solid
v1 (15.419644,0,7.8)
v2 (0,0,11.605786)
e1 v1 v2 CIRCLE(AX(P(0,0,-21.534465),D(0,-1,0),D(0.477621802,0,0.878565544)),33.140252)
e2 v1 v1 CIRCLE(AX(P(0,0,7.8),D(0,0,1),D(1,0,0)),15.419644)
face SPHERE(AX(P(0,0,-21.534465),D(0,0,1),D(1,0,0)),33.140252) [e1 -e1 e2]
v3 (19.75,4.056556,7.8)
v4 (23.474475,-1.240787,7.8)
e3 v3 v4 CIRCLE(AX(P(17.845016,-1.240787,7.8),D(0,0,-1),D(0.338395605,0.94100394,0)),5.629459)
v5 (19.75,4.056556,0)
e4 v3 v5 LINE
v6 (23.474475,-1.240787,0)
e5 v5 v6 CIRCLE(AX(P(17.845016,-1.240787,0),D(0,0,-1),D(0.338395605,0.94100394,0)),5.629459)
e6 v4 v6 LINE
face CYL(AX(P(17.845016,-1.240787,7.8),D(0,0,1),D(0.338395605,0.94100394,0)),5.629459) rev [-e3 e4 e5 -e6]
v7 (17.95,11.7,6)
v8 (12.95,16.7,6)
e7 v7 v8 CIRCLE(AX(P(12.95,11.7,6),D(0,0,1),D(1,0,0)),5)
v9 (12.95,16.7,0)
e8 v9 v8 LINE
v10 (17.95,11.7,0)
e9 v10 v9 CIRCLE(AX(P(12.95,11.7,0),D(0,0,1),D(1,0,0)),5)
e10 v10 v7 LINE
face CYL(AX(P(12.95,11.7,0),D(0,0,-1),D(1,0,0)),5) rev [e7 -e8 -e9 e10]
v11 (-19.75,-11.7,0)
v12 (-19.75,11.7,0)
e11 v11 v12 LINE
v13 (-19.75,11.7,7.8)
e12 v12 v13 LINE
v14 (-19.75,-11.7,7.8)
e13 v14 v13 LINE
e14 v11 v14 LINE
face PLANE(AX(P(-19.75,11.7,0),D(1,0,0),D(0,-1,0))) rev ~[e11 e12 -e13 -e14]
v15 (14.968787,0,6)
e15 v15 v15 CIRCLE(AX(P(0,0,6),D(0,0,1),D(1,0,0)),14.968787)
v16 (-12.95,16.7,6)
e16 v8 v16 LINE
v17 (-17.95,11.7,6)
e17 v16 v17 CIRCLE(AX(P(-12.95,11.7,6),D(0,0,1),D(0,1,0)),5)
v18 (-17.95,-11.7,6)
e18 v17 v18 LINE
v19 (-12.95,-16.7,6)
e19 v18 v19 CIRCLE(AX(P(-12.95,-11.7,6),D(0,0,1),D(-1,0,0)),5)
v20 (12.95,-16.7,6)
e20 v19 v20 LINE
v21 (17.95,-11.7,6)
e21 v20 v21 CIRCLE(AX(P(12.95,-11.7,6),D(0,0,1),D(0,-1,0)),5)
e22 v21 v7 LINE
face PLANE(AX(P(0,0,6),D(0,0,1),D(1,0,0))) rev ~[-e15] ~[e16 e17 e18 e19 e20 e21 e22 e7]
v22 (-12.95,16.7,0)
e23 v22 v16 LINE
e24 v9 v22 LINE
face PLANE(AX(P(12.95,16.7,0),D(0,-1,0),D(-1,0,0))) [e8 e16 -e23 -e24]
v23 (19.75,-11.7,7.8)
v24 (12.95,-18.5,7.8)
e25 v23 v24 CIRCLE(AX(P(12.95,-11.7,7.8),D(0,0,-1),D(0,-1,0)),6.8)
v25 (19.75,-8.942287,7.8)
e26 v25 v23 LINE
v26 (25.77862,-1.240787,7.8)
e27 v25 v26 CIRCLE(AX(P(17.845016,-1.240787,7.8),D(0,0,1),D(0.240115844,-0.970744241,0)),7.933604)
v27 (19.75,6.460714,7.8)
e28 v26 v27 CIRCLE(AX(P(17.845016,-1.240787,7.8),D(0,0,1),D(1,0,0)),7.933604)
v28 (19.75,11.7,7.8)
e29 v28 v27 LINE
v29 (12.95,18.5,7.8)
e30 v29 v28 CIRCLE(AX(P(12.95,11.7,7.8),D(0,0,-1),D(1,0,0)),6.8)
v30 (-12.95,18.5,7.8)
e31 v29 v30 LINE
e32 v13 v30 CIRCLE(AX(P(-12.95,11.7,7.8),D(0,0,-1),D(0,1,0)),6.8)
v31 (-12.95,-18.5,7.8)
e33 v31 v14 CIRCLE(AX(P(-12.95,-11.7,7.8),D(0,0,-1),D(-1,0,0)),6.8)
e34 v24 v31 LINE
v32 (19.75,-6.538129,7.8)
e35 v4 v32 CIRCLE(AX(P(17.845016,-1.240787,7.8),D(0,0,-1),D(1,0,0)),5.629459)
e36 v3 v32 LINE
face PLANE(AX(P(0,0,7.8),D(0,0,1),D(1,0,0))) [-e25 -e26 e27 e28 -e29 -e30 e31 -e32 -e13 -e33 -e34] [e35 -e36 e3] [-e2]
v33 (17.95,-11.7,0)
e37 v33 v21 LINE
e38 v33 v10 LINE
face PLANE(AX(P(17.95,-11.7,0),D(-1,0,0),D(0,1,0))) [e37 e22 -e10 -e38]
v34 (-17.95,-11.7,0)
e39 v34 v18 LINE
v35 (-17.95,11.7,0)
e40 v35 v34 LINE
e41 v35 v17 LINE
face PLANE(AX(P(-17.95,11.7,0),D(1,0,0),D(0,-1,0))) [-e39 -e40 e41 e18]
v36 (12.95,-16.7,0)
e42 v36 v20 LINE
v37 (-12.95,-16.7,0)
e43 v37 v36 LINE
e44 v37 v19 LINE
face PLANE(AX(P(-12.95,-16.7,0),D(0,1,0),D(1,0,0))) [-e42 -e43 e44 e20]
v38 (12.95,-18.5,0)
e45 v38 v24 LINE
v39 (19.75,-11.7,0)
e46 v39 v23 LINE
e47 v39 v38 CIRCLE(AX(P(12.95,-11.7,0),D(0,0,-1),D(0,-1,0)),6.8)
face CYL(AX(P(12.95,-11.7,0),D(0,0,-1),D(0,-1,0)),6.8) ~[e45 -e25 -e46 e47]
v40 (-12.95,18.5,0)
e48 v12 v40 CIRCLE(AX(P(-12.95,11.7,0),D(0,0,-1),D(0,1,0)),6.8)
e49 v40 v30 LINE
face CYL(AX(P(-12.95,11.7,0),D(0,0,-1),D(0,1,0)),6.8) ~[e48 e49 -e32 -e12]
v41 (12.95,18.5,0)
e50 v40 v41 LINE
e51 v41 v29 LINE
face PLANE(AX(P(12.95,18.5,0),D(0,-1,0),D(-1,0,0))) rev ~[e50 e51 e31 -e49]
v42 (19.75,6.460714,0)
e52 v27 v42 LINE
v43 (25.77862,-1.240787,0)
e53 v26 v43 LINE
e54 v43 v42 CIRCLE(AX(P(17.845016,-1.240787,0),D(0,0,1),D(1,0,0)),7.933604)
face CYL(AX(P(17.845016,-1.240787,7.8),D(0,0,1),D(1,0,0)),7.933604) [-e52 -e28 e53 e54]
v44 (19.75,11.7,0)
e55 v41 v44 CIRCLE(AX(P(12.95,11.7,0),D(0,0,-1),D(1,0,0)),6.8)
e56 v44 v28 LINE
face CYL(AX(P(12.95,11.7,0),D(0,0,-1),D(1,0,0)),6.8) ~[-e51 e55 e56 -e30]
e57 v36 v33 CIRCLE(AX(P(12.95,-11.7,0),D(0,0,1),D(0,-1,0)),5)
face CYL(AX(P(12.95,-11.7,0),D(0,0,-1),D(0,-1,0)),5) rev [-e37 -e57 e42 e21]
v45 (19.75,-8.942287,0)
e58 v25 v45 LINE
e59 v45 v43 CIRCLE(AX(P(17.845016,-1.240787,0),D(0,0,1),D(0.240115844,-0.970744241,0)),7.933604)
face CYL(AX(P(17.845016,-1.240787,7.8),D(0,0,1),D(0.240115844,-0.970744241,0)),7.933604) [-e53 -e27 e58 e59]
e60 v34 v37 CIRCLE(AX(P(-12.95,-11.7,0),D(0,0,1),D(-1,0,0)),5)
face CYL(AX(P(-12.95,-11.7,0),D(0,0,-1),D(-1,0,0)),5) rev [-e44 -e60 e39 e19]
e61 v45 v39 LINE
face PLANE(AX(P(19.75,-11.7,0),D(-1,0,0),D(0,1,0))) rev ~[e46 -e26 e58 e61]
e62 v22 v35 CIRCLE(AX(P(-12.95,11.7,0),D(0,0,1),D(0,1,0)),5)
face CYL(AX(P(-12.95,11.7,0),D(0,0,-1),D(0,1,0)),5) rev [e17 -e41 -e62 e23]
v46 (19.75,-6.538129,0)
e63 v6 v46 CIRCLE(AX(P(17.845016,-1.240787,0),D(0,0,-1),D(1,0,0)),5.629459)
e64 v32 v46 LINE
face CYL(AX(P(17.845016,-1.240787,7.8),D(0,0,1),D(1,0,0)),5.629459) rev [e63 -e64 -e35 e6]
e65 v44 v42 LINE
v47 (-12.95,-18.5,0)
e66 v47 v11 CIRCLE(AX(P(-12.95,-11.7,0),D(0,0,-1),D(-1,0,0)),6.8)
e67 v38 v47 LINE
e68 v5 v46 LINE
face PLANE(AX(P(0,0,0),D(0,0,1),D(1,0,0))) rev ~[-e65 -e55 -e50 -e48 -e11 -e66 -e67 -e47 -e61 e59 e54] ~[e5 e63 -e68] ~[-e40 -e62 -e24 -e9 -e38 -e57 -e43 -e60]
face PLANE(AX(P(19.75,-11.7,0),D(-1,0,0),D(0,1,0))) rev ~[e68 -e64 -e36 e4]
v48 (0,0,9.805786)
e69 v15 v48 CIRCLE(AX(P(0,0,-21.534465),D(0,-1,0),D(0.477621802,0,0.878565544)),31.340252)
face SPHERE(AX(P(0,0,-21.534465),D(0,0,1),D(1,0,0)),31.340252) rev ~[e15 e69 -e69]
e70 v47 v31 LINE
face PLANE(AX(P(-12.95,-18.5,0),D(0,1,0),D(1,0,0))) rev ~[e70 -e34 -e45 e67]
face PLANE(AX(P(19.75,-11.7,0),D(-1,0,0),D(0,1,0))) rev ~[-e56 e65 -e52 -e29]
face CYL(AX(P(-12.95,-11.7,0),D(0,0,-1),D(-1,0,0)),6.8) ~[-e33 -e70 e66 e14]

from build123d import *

# Parameters (mm, degrees)
F1_DEPTH = 6
F4_T     = 1.8
F6_DEPTH = 7.8


with BuildPart() as f1:
    # F0 (on Top) → F1 (new body)
    with BuildSketch(Plane.XY):
        with BuildLine():
            Line((12.95, 16.7), (-12.95, 16.7))
            ThreePointArc((-12.95, 16.7), (-16.4855339059, 15.2355339059), (-17.95, 11.7))
            Line((-17.95, 11.7), (-17.95, -11.7))
            ThreePointArc((-17.95, -11.7), (-16.4855339059, -15.2355339059), (-12.95, -16.7))
            Line((-12.95, -16.7), (12.95, -16.7))
            ThreePointArc((12.95, -16.7), (16.4855339059, -15.2355339059), (17.95, -11.7))
            Line((17.95, -11.7), (17.95, 11.7))
            ThreePointArc((17.95, 11.7), (16.4855339059, 15.2355339059), (12.95, 16.7))
        make_face()
    extrude(amount=F1_DEPTH)

    # F2 (on Front) → F3 (revolve)
    with BuildSketch(Plane.XZ):
        with BuildLine():
            Line((0, 9.8057864234), (0, 6))
            Line((0, 6), (12.95, 6))
            Line((12.95, 6), (14.9687874717, 6))
            ThreePointArc((14.9687874717, 6), (7.7225094476, 8.8394416898), (0, 9.8057864234))
        make_face()
    revolve(axis=Axis((0, 0, 7.9028932117), (0, 0, 1)))

    # F4
    f4_openings = [f1.faces().sort_by_distance(p)[0] for p in [
        (0, 0, 0),
    ]]
    offset(amount=F4_T, openings=f4_openings, kind=Kind.INTERSECTION)

    # F5 (on face) → F6 (join, through all)
    with BuildSketch(Plane.XY.offset(7.8)):
        with BuildLine():
            ThreePointArc((19.75, 4.0565560225), (22.4501669969, 1.9970193201), (23.4744745018, -1.2407866307))
            ThreePointArc((23.4744745018, -1.2407866307), (22.4501669969, -4.4785925814), (19.75, -6.5381292838))
            Line((19.75, -6.5381292838), (19.75, -8.942287067))
            ThreePointArc((19.75, -8.942287067), (24.0922338374, -6.1310158755), (25.7786200161, -1.2407866307))
            ThreePointArc((25.7786200161, -1.2407866307), (24.0922338374, 3.6494426142), (19.75, 6.4607138057))
            Line((19.75, 6.4607138057), (19.75, 4.0565560225))
        make_face()
    extrude(amount=-F6_DEPTH)


solid = f1.part
